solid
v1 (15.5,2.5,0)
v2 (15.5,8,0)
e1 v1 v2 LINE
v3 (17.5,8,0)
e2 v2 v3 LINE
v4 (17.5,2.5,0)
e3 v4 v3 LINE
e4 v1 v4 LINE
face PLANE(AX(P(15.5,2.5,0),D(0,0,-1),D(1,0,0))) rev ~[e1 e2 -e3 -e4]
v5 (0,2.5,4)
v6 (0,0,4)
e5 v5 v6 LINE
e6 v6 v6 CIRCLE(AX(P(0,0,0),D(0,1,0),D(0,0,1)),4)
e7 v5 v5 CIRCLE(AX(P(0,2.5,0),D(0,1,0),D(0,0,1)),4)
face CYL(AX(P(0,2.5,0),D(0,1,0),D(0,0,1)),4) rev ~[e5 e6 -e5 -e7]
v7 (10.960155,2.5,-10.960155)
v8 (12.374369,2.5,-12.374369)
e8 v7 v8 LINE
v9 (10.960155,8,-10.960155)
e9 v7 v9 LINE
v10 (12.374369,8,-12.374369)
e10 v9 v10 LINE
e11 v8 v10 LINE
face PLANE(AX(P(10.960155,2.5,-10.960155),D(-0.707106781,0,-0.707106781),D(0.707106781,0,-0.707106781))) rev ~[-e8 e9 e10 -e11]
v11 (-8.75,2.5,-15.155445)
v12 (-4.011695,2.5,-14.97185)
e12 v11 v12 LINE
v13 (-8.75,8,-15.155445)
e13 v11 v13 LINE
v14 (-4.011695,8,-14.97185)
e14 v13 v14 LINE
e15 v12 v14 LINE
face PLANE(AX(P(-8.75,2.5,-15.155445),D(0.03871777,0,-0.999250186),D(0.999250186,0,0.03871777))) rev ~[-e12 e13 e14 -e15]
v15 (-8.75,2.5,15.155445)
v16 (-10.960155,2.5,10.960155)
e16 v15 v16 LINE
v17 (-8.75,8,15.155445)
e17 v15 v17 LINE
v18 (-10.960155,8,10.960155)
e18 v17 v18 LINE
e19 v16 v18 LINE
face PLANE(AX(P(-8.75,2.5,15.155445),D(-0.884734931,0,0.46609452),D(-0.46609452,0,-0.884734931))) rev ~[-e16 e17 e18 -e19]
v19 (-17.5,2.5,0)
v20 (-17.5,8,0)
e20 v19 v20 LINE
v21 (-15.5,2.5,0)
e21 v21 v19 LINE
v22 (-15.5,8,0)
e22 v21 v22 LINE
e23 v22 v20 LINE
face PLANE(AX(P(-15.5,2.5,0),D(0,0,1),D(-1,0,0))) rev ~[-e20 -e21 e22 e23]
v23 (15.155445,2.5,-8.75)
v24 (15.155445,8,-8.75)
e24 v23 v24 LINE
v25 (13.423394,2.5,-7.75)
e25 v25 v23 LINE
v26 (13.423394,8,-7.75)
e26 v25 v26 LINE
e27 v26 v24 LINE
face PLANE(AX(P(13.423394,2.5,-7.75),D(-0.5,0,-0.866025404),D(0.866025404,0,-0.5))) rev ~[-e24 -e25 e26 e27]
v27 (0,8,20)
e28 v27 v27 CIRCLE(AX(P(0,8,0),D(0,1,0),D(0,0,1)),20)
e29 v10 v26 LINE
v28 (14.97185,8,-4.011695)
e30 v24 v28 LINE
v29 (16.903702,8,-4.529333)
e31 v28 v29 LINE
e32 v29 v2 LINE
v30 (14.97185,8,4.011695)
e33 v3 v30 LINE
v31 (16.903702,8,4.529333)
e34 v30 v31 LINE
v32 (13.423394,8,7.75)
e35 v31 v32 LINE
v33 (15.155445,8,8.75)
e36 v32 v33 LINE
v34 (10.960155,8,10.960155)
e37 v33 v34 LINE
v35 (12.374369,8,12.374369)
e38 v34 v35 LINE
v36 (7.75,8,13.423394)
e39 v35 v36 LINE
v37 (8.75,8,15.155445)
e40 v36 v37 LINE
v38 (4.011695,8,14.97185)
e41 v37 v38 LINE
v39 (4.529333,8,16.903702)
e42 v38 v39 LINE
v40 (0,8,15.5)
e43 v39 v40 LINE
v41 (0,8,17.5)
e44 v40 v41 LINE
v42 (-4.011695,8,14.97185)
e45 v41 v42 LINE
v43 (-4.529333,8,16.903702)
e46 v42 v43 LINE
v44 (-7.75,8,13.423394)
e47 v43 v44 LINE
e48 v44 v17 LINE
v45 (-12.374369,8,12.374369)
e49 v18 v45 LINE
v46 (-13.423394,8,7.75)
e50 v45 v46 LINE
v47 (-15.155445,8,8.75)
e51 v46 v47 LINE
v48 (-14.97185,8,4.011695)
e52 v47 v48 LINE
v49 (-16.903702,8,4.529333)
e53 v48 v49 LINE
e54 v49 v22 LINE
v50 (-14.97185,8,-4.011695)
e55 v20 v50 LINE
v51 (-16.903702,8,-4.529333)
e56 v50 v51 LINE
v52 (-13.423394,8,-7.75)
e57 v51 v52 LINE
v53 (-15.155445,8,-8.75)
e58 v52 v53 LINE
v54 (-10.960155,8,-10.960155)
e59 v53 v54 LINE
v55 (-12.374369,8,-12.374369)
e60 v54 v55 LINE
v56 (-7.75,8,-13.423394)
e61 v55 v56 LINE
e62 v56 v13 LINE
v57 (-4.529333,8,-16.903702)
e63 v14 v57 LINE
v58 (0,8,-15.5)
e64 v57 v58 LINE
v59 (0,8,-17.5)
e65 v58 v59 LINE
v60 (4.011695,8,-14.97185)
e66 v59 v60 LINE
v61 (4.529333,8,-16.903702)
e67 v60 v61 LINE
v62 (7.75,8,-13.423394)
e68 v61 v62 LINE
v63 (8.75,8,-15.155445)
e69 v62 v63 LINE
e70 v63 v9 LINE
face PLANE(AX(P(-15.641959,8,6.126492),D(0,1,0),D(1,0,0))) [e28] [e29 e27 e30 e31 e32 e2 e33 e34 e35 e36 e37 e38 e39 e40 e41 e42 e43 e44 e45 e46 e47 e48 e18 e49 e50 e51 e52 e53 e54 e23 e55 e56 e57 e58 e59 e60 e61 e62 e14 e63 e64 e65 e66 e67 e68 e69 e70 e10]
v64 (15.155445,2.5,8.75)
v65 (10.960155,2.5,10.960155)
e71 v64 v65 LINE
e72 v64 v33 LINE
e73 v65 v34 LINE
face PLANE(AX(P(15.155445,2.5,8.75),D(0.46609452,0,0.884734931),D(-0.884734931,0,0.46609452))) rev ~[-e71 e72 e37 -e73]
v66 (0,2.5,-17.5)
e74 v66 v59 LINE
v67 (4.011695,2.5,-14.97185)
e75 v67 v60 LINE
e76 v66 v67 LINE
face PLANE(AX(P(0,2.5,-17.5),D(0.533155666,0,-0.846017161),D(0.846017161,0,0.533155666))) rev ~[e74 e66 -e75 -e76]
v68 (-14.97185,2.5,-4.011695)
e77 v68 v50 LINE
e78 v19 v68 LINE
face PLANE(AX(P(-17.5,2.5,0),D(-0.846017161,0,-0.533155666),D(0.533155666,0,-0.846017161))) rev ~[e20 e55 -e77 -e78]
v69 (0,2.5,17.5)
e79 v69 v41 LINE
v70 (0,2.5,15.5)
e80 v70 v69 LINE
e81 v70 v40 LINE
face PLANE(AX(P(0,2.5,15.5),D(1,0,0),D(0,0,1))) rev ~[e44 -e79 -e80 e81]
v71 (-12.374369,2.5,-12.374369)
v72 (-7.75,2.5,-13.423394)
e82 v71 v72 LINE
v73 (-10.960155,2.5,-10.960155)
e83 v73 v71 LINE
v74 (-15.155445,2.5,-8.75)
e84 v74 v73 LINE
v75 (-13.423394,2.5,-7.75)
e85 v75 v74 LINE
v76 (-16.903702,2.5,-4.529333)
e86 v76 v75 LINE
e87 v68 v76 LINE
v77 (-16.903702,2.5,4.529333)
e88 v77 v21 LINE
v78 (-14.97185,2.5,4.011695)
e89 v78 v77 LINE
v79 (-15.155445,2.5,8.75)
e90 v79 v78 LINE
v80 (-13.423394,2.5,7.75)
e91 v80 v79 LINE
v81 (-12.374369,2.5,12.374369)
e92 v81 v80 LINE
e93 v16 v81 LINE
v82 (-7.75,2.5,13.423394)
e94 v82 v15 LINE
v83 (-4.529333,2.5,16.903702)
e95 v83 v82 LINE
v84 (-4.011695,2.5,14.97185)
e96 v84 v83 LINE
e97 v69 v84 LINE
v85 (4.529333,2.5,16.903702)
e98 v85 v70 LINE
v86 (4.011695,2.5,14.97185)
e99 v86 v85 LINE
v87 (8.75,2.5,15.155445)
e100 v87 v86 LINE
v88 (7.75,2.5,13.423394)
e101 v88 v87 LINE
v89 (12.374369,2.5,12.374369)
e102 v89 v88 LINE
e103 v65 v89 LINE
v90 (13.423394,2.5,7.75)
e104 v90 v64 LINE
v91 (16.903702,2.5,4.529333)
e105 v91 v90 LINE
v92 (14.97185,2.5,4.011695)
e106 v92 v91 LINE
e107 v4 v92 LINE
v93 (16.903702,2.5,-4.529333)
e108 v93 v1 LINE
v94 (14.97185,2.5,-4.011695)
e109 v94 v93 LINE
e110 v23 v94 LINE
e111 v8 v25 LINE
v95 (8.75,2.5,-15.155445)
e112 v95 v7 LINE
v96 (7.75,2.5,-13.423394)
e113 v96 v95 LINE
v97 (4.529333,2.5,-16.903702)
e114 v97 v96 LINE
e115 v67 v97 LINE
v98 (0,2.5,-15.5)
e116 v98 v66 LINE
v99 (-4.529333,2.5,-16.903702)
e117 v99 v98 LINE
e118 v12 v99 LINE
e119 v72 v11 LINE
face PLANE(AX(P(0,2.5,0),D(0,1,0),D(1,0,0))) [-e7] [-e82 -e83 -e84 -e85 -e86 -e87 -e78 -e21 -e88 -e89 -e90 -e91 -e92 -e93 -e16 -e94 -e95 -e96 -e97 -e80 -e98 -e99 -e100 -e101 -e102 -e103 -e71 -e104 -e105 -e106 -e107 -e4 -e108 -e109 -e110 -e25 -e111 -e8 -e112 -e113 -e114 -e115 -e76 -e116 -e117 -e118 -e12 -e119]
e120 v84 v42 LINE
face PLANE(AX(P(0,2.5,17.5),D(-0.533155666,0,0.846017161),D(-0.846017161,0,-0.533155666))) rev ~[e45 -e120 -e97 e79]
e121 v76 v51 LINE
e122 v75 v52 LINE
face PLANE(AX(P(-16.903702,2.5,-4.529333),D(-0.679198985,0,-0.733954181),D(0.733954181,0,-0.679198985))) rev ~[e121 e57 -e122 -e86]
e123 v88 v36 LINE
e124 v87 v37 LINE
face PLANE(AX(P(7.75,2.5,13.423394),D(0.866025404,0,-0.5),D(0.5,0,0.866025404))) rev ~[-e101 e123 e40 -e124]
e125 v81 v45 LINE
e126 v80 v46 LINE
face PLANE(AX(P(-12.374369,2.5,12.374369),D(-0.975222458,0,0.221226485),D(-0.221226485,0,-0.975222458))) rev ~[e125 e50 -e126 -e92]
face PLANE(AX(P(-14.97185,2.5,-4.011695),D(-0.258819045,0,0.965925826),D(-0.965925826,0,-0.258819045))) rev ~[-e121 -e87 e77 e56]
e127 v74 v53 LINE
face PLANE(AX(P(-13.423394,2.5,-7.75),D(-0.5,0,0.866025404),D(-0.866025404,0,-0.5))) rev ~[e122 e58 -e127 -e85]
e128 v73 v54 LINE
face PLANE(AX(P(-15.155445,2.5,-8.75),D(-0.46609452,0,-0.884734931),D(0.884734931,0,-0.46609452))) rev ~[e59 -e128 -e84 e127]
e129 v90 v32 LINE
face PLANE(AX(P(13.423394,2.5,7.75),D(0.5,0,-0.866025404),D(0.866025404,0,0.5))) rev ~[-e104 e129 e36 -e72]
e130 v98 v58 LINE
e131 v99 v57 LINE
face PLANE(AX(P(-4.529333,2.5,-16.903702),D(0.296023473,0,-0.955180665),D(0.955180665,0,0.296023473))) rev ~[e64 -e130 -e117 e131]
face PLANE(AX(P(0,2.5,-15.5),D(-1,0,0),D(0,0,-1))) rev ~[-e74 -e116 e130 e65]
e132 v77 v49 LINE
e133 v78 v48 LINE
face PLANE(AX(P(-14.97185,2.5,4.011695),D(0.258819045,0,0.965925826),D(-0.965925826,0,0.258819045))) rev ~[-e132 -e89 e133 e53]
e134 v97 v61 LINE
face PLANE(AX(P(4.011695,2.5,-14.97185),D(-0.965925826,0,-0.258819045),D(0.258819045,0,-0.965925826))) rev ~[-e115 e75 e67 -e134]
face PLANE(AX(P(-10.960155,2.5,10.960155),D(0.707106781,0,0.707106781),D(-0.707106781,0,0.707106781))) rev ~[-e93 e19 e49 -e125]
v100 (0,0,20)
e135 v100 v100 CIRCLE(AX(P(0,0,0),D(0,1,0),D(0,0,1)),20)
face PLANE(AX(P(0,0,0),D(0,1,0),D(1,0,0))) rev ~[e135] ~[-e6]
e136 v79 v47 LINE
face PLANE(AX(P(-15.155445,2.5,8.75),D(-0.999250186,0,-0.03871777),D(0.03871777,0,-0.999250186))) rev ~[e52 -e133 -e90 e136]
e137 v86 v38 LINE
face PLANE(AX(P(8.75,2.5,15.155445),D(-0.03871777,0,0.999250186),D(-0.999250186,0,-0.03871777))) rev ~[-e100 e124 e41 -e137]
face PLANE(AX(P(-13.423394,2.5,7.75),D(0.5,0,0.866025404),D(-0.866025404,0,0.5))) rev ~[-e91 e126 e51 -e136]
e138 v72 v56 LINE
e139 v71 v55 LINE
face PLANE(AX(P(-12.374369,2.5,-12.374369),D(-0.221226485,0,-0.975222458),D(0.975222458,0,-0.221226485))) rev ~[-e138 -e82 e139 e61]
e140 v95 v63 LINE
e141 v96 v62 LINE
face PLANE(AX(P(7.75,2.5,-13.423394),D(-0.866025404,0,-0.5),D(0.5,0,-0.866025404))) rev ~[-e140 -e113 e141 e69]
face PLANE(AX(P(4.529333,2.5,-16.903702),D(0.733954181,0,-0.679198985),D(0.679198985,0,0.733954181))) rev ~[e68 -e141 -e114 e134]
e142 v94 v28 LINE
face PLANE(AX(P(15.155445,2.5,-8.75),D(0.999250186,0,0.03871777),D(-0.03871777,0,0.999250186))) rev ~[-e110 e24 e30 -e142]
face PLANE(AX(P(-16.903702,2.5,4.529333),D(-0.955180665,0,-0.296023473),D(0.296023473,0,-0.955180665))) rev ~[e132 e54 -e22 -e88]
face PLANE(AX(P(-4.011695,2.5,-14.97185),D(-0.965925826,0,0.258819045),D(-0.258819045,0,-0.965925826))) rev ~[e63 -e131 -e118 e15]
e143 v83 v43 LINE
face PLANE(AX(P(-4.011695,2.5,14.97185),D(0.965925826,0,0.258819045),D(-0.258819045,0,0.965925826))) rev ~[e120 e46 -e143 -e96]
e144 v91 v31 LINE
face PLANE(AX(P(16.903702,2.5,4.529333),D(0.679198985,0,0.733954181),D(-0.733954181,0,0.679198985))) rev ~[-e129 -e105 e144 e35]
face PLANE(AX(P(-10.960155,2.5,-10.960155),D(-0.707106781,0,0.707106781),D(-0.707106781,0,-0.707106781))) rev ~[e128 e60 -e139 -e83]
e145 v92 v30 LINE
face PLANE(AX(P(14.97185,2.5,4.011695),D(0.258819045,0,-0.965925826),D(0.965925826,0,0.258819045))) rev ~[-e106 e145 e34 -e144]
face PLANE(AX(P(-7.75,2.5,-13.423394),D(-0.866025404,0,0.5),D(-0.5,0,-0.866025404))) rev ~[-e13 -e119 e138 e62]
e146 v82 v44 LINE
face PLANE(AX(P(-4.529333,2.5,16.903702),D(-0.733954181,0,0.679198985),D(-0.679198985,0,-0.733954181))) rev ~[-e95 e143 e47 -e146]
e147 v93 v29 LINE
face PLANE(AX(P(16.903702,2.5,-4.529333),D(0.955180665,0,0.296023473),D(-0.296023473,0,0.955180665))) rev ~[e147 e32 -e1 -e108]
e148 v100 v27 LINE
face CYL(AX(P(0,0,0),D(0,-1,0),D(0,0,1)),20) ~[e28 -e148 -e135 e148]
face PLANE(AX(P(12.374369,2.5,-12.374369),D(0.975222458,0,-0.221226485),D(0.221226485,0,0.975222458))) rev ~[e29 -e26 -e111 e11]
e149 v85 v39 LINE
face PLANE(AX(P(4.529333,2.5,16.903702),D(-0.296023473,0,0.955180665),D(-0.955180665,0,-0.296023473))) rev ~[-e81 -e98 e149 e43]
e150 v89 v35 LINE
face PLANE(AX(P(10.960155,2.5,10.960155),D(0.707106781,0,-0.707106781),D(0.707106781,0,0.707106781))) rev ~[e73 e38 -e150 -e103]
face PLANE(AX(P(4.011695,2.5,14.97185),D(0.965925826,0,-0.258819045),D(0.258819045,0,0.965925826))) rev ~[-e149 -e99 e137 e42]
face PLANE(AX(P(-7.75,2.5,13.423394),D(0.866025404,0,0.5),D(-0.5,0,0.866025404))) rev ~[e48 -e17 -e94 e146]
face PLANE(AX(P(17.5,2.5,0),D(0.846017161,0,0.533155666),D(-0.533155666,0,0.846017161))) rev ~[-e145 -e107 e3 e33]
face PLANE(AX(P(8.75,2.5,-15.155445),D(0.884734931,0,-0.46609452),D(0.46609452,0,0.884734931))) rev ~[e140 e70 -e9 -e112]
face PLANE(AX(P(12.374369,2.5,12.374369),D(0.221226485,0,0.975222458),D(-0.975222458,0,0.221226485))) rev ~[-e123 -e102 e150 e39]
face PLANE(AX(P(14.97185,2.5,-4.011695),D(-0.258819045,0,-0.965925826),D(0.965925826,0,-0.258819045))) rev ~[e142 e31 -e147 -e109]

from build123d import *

# Parameters (mm, degrees)
SKETCH1_R           = 20
SKETCH1_R_2         = 17.5
BOSS_EXTRUDE2_DEPTH = 8
SHELL2_T            = -2.5
BOSS_EXTRUDE3_DEPTH = 5.5
SKETCH4_R           = 4
CUT_EXTRUDE1_DEPTH  = 12


with BuildPart() as part:
    # Sketch1 → Boss-Extrude2 (new body)
    # profile 1 of 2: a face of its own
    with BuildSketch(Plane(origin=(0, 0, 0), x_dir=(1, 0, 0), z_dir=(0, 1, 0))):
        with Locations(Location((0, 0, 0), (0, 0, 270))):
            Circle(SKETCH1_R)
        Circle(SKETCH1_R_2, mode=Mode.SUBTRACT)
    # profile 2 of 2: a face of its own
    with BuildSketch(Plane(origin=(0, 0, 0), x_dir=(1, 0, 0), z_dir=(0, 1, 0))):
        Circle(SKETCH1_R_2)
    extrude(amount=BOSS_EXTRUDE2_DEPTH)

    # Shell2
    shell2_openings = [part.faces().sort_by_distance(p)[0] for p in [
        (0, 8, 0),
    ]]
    offset(amount=SHELL2_T, openings=shell2_openings, kind=Kind.INTERSECTION)

    # Sketch3 → Boss-Extrude3 (add)
    with BuildSketch(Plane(origin=(0, 2.5, 0), x_dir=(1, 0, 0), z_dir=(0, 1, 0))):
        with BuildLine():
            Line((-14.971850307, -4.011695199), (-16.90370196, -4.529333289))
            ThreePointArc((-16.90370196, -4.529333289), (-16.167891819, -6.696960066), (-15.155444566, -8.75))
            Line((-15.155444566, -8.75), (-14.971850307, -4.011695199))
        make_face()
        with BuildLine():
            Line((-15.5, 0), (-17.5, 0))
            ThreePointArc((-17.5, 0), (-17.350285074, -2.284208364), (-16.90370196, -4.529333289))
            Line((-16.90370196, -4.529333289), (-15.5, 0))
        make_face()
        with BuildLine():
            Line((-14.971850307, 4.011695199), (-16.90370196, 4.529333289))
            ThreePointArc((-16.90370196, 4.529333289), (-17.350285074, 2.284208364), (-17.5, 0))
            Line((-17.5, 0), (-14.971850307, 4.011695199))
        make_face()
        with BuildLine():
            ThreePointArc((0, 17.5), (-2.284208364, 17.350285074), (-4.529333289, 16.90370196))
            Line((-4.529333289, 16.90370196), (0, 15.5))
            Line((0, 15.5), (0, 17.5))
        make_face()
        with BuildLine():
            ThreePointArc((4.529333289, 16.90370196), (2.284208364, 17.350285074), (0, 17.5))
            Line((0, 17.5), (4.011695199, 14.971850307))
            Line((4.011695199, 14.971850307), (4.529333289, 16.90370196))
        make_face()
        with BuildLine():
            ThreePointArc((8.75, 15.155444566), (6.696960066, 16.167891819), (4.529333289, 16.90370196))
            Line((4.529333289, 16.90370196), (7.75, 13.423393759))
            Line((7.75, 13.423393759), (8.75, 15.155444566))
        make_face()
        with BuildLine():
            ThreePointArc((12.374368671, 12.374368671), (10.653325008, 13.883683455), (8.75, 15.155444566))
            Line((8.75, 15.155444566), (10.960155108, 10.960155108))
            Line((10.960155108, 10.960155108), (12.374368671, 12.374368671))
        make_face()
        with BuildLine():
            ThreePointArc((15.155444566, 8.75), (13.883683455, 10.653325008), (12.374368671, 12.374368671))
            Line((12.374368671, 12.374368671), (13.423393759, 7.75))
            Line((13.423393759, 7.75), (15.155444566, 8.75))
        make_face()
        with BuildLine():
            ThreePointArc((16.90370196, 4.529333289), (16.167891819, 6.696960066), (15.155444566, 8.75))
            Line((15.155444566, 8.75), (14.971850307, 4.011695199))
            Line((14.971850307, 4.011695199), (16.90370196, 4.529333289))
        make_face()
        with BuildLine():
            ThreePointArc((17.5, 0), (17.350285074, 2.284208364), (16.90370196, 4.529333289))
            Line((16.90370196, 4.529333289), (15.5, 0))
            Line((15.5, 0), (17.5, 0))
        make_face()
        with BuildLine():
            ThreePointArc((16.90370196, -4.529333289), (17.350285074, -2.284208364), (17.5, 0))
            Line((17.5, 0), (14.971850307, -4.011695199))
            Line((14.971850307, -4.011695199), (16.90370196, -4.529333289))
        make_face()
        with BuildLine():
            ThreePointArc((15.155444566, -8.75), (16.167891819, -6.696960066), (16.90370196, -4.529333289))
            Line((16.90370196, -4.529333289), (13.423393759, -7.75))
            Line((13.423393759, -7.75), (15.155444566, -8.75))
        make_face()
        with BuildLine():
            ThreePointArc((12.374368671, -12.374368671), (13.883683455, -10.653325008), (15.155444566, -8.75))
            Line((15.155444566, -8.75), (10.960155108, -10.960155108))
            Line((10.960155108, -10.960155108), (12.374368671, -12.374368671))
        make_face()
        with BuildLine():
            ThreePointArc((8.75, -15.155444566), (10.653325008, -13.883683455), (12.374368671, -12.374368671))
            Line((12.374368671, -12.374368671), (7.75, -13.423393759))
            Line((7.75, -13.423393759), (8.75, -15.155444566))
        make_face()
        with BuildLine():
            ThreePointArc((4.529333289, -16.90370196), (6.696960066, -16.167891819), (8.75, -15.155444566))
            Line((8.75, -15.155444566), (4.011695199, -14.971850307))
            Line((4.011695199, -14.971850307), (4.529333289, -16.90370196))
        make_face()
        with BuildLine():
            Line((0, -15.5), (0, -17.5))
            ThreePointArc((0, -17.5), (2.284208364, -17.350285074), (4.529333289, -16.90370196))
            Line((4.529333289, -16.90370196), (0, -15.5))
        make_face()
        with BuildLine():
            Line((-4.011695199, -14.971850307), (-4.529333289, -16.90370196))
            ThreePointArc((-4.529333289, -16.90370196), (-2.284208364, -17.350285074), (0, -17.5))
            Line((0, -17.5), (-4.011695199, -14.971850307))
        make_face()
        with BuildLine():
            Line((-7.75, -13.423393759), (-8.75, -15.155444566))
            ThreePointArc((-8.75, -15.155444566), (-6.696960066, -16.167891819), (-4.529333289, -16.90370196))
            Line((-4.529333289, -16.90370196), (-7.75, -13.423393759))
        make_face()
        with BuildLine():
            Line((-10.960155108, -10.960155108), (-12.374368671, -12.374368671))
            ThreePointArc((-12.374368671, -12.374368671), (-10.653325008, -13.883683455), (-8.75, -15.155444566))
            Line((-8.75, -15.155444566), (-10.960155108, -10.960155108))
        make_face()
        with BuildLine():
            Line((-13.423393759, -7.75), (-15.155444566, -8.75))
            ThreePointArc((-15.155444566, -8.75), (-13.883683455, -10.653325008), (-12.374368671, -12.374368671))
            Line((-12.374368671, -12.374368671), (-13.423393759, -7.75))
        make_face()
        with BuildLine():
            Line((-13.423393759, 7.75), (-15.155444566, 8.75))
            ThreePointArc((-15.155444566, 8.75), (-16.167891819, 6.696960066), (-16.90370196, 4.529333289))
            Line((-16.90370196, 4.529333289), (-13.423393759, 7.75))
        make_face()
        with BuildLine():
            Line((-10.960155108, 10.960155108), (-12.374368671, 12.374368671))
            ThreePointArc((-12.374368671, 12.374368671), (-13.883683455, 10.653325008), (-15.155444566, 8.75))
            Line((-15.155444566, 8.75), (-10.960155108, 10.960155108))
        make_face()
        with BuildLine():
            Line((-7.75, 13.423393759), (-8.75, 15.155444566))
            ThreePointArc((-8.75, 15.155444566), (-10.653325008, 13.883683455), (-12.374368671, 12.374368671))
            Line((-12.374368671, 12.374368671), (-7.75, 13.423393759))
        make_face()
        with BuildLine():
            Line((-4.011695199, 14.971850307), (-4.529333289, 16.90370196))
            ThreePointArc((-4.529333289, 16.90370196), (-6.696960066, 16.167891819), (-8.75, 15.155444566))
            Line((-8.75, 15.155444566), (-4.011695199, 14.971850307))
        make_face()
    extrude(amount=BOSS_EXTRUDE3_DEPTH)

    # Sketch4 → Cut-Extrude1 (cut)
    with BuildSketch(Plane(origin=(0, 2.5, 0), x_dir=(1, 0, 0), z_dir=(0, 1, 0))):
        with Locations(Location((0, 0, 0), (0, 0, 270))):
            Circle(SKETCH4_R)
    extrude(amount=-CUT_EXTRUDE1_DEPTH, mode=Mode.SUBTRACT)


solid = part.part
